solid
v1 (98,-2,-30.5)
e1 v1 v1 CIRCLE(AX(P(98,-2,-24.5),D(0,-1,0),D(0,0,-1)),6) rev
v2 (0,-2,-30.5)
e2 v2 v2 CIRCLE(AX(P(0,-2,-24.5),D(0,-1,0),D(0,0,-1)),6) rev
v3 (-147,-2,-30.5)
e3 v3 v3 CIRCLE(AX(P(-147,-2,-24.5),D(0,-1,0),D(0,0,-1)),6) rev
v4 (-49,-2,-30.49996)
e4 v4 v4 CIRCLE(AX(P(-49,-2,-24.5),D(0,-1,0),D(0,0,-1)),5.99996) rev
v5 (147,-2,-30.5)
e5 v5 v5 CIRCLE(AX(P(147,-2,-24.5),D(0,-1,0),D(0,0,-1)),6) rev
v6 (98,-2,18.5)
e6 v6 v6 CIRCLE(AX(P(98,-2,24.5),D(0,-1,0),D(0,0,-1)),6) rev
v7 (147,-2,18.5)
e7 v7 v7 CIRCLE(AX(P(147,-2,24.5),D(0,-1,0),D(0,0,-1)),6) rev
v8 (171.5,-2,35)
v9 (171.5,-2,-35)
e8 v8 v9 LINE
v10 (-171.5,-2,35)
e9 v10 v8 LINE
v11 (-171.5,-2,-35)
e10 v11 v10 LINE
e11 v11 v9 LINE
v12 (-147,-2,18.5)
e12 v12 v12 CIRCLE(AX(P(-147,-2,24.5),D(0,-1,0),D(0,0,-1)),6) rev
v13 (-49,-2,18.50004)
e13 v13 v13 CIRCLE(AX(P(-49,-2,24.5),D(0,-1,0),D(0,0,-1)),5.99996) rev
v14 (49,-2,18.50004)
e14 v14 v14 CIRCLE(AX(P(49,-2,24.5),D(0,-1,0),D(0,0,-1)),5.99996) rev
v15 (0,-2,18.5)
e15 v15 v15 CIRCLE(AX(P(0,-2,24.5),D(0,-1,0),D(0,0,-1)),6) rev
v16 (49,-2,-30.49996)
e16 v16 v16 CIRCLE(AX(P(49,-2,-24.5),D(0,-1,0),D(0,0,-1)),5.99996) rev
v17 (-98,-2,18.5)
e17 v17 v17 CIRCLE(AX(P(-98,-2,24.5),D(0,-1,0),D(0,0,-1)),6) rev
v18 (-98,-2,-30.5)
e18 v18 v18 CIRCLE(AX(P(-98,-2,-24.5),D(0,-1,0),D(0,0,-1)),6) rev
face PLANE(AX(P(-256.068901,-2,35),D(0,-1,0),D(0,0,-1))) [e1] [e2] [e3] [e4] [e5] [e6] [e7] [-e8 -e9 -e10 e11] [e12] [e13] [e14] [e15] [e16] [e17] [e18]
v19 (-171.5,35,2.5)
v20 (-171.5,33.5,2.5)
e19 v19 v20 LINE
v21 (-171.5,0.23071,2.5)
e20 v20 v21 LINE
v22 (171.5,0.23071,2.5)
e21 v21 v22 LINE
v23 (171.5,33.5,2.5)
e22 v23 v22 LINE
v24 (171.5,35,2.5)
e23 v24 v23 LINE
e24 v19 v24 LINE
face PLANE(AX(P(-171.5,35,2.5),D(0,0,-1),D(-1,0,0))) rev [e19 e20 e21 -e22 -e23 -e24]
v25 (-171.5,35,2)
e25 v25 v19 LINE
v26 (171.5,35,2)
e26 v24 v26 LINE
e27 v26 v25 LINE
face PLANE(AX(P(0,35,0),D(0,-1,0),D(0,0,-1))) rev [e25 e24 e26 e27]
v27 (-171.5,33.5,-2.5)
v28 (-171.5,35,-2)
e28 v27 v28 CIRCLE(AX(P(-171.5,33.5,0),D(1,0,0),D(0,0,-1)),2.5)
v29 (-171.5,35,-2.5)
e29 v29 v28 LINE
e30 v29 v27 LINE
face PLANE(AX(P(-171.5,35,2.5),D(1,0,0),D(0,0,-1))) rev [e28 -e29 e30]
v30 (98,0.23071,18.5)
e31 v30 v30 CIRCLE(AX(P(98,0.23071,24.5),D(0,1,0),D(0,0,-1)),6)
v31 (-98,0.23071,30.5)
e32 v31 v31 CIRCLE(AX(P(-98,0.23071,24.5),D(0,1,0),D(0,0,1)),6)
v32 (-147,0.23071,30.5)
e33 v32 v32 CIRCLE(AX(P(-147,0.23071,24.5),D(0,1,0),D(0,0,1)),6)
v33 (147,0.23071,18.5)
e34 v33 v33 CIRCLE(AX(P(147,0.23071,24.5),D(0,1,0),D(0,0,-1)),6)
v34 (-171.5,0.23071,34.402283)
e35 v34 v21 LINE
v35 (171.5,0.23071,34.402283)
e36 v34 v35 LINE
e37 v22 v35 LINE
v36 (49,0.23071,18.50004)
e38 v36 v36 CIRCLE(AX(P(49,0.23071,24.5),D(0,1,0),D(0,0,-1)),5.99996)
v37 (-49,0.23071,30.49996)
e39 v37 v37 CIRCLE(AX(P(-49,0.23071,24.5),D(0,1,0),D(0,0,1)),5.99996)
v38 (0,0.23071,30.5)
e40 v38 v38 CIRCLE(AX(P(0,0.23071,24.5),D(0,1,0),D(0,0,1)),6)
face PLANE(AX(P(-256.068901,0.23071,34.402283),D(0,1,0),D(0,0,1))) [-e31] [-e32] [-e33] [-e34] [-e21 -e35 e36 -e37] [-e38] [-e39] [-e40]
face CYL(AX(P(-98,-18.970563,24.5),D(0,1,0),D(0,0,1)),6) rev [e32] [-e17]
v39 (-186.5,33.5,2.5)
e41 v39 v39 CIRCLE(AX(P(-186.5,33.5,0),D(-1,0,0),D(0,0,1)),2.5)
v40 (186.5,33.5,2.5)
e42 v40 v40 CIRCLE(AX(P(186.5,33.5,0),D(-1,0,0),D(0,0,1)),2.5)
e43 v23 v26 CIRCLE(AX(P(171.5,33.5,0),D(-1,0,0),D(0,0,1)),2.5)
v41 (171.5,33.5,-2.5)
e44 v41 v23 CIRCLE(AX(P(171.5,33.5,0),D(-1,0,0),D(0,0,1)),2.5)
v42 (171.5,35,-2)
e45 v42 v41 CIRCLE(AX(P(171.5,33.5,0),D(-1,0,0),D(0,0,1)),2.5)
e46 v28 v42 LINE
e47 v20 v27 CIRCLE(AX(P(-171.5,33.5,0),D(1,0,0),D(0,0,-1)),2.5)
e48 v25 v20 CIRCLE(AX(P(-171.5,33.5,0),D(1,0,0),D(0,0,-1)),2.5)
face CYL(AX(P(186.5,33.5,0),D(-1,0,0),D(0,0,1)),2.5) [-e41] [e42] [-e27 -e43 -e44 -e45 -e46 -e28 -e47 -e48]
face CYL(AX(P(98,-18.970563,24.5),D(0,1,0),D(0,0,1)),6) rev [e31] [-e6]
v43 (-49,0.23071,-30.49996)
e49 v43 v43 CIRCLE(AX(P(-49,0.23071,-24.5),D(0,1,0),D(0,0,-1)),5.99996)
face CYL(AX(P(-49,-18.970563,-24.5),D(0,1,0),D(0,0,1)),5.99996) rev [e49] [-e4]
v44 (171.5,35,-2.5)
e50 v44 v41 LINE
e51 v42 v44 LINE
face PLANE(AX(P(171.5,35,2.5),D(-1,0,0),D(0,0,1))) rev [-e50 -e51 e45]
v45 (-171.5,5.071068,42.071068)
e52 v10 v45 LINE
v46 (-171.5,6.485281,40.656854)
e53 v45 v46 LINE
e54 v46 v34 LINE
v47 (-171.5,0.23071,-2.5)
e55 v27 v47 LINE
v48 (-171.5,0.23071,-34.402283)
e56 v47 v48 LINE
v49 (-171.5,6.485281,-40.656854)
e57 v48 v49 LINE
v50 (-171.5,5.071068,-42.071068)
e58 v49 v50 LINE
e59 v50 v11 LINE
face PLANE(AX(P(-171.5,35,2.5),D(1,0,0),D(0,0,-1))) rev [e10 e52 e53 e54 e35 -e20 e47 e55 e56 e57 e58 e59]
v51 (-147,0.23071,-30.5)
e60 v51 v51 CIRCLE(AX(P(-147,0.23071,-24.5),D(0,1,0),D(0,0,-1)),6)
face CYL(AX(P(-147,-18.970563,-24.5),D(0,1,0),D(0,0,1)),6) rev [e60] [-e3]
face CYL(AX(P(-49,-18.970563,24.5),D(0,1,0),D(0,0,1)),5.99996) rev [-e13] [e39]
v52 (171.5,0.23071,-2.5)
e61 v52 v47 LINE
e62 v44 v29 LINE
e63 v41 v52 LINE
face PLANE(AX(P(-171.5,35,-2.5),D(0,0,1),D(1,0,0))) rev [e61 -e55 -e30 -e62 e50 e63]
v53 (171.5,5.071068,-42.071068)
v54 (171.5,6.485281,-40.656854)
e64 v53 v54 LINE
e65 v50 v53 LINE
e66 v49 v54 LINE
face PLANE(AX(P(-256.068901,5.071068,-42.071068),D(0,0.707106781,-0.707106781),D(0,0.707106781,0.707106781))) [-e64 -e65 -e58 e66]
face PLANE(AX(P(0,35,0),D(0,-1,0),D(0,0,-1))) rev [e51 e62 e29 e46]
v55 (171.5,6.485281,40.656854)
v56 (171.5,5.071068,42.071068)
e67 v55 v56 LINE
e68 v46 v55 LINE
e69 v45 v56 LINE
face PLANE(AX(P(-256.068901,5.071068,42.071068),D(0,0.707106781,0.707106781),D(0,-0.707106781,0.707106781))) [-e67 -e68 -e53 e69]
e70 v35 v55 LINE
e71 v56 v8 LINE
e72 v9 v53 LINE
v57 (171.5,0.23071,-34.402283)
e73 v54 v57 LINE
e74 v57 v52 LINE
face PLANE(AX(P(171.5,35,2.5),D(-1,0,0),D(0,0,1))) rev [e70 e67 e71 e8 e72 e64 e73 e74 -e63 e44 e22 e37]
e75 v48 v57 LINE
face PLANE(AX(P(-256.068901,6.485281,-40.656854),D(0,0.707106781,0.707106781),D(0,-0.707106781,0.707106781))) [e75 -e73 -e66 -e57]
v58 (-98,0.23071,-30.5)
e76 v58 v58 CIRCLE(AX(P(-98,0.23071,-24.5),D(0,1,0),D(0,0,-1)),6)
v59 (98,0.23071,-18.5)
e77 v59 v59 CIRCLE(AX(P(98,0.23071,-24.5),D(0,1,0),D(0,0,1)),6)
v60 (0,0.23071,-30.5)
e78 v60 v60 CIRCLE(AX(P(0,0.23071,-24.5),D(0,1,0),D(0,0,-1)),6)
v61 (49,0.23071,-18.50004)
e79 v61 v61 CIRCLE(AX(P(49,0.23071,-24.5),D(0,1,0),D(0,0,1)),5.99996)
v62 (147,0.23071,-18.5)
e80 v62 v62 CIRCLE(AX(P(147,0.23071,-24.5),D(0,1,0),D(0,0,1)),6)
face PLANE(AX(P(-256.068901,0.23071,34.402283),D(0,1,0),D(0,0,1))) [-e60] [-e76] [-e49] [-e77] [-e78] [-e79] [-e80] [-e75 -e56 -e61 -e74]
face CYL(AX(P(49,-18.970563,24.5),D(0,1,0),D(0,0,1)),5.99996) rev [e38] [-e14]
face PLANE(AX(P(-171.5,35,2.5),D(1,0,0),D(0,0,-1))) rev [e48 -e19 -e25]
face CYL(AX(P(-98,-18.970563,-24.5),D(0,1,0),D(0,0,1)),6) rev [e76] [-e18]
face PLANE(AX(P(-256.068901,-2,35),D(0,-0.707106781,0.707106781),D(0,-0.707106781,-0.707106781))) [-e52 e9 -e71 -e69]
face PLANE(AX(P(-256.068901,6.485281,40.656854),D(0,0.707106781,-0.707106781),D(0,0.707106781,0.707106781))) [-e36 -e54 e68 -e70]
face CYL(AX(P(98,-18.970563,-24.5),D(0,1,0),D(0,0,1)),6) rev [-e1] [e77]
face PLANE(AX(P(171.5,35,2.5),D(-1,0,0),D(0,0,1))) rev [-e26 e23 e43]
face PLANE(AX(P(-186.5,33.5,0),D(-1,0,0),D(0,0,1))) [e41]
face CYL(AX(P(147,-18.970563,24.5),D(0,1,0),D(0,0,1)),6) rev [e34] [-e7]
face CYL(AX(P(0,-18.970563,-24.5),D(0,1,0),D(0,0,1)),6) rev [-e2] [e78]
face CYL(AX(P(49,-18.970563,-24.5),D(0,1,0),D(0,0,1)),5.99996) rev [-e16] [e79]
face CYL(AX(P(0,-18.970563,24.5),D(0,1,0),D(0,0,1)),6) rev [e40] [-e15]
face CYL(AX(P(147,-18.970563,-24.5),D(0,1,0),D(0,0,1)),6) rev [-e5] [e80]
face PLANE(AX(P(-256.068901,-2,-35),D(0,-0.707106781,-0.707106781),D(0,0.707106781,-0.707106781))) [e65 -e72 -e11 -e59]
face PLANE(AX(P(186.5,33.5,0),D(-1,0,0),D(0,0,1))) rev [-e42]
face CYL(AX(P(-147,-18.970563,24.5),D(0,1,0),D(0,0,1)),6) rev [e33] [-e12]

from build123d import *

# Parameters (mm, degrees)
SKETCH3_W                = 343
SKETCH3_H                = 5
BOSS_EXTRUDE1_DEPTH      = 35
SKETCH6_R                = 2.5
BOSS_EXTRUDE3_DEPTH      = 15
BOSS_EXTRUDE3_DEPTH_BACK = 358
BOSS_EXTRUDE4_DEPTH      = 343
SKETCH8_R                = 6
SKETCH8_R_2              = 5.999960458
CUT_EXTRUDE1_DEPTH       = 2.23071


with BuildPart() as part:
    # Sketch3 → Boss-Extrude1 (new body)
    with BuildSketch(Plane(origin=(0, 0, 0), x_dir=(1, 0, 0), z_dir=(0, 1, 0))):
        Rectangle(SKETCH3_W, SKETCH3_H)
    extrude(amount=BOSS_EXTRUDE1_DEPTH)

    # Sketch6 → Boss-Extrude3 (add, two sides)
    with BuildSketch(Plane.ZY.offset(171.5)) as boss_extrude3_sk:
        with Locations((0, 33.5)):
            Circle(SKETCH6_R)
    extrude(amount=BOSS_EXTRUDE3_DEPTH)
    extrude(boss_extrude3_sk.sketch, amount=-BOSS_EXTRUDE3_DEPTH_BACK)

    # Sketch7 → Boss-Extrude4 (add)
    with BuildSketch(Plane(origin=(171.5, 0, 0), x_dir=(0, 0, -1), z_dir=(1, 0, 0))):
        Polygon((35, -2), (42.071067812, 5.071067812), (40.656854249, 6.485281374), (34.402283019, 0.230710143), (-34.402283019, 0.230710143), (-40.656854249, 6.485281374), (-42.071067812, 5.071067812), (-35, -2), align=None)
    extrude(amount=-BOSS_EXTRUDE4_DEPTH)

    # Sketch8 → Cut-Extrude1 (cut)
    with BuildSketch(Plane(origin=(0, 0.230710143, 0), x_dir=(1, 0, 0), z_dir=(0, 1, 0))):
        with Locations((0, -24.5)):
            Circle(SKETCH8_R)
        with Locations((-49, -24.5)):
            Circle(SKETCH8_R_2)
        with Locations((-98, -24.5)):
            Circle(SKETCH8_R)
        with Locations((-147, -24.5)):
            Circle(SKETCH8_R)
        with Locations((147, -24.5)):
            Circle(SKETCH8_R)
        with Locations((98, -24.5)):
            Circle(SKETCH8_R)
        with Locations((49, -24.5)):
            Circle(SKETCH8_R_2)
        with Locations((98, 24.5)):
            Circle(SKETCH8_R)
        with Locations((147, 24.5)):
            Circle(SKETCH8_R)
        with Locations((49, 24.5)):
            Circle(SKETCH8_R_2)
        with Locations((0, 24.5)):
            Circle(SKETCH8_R)
        with Locations((-147, 24.5)):
            Circle(SKETCH8_R)
        with Locations((-98, 24.5)):
            Circle(SKETCH8_R)
        with Locations((-49, 24.5)):
            Circle(SKETCH8_R_2)
    extrude(amount=-CUT_EXTRUDE1_DEPTH, mode=Mode.SUBTRACT)


solid = part.part
